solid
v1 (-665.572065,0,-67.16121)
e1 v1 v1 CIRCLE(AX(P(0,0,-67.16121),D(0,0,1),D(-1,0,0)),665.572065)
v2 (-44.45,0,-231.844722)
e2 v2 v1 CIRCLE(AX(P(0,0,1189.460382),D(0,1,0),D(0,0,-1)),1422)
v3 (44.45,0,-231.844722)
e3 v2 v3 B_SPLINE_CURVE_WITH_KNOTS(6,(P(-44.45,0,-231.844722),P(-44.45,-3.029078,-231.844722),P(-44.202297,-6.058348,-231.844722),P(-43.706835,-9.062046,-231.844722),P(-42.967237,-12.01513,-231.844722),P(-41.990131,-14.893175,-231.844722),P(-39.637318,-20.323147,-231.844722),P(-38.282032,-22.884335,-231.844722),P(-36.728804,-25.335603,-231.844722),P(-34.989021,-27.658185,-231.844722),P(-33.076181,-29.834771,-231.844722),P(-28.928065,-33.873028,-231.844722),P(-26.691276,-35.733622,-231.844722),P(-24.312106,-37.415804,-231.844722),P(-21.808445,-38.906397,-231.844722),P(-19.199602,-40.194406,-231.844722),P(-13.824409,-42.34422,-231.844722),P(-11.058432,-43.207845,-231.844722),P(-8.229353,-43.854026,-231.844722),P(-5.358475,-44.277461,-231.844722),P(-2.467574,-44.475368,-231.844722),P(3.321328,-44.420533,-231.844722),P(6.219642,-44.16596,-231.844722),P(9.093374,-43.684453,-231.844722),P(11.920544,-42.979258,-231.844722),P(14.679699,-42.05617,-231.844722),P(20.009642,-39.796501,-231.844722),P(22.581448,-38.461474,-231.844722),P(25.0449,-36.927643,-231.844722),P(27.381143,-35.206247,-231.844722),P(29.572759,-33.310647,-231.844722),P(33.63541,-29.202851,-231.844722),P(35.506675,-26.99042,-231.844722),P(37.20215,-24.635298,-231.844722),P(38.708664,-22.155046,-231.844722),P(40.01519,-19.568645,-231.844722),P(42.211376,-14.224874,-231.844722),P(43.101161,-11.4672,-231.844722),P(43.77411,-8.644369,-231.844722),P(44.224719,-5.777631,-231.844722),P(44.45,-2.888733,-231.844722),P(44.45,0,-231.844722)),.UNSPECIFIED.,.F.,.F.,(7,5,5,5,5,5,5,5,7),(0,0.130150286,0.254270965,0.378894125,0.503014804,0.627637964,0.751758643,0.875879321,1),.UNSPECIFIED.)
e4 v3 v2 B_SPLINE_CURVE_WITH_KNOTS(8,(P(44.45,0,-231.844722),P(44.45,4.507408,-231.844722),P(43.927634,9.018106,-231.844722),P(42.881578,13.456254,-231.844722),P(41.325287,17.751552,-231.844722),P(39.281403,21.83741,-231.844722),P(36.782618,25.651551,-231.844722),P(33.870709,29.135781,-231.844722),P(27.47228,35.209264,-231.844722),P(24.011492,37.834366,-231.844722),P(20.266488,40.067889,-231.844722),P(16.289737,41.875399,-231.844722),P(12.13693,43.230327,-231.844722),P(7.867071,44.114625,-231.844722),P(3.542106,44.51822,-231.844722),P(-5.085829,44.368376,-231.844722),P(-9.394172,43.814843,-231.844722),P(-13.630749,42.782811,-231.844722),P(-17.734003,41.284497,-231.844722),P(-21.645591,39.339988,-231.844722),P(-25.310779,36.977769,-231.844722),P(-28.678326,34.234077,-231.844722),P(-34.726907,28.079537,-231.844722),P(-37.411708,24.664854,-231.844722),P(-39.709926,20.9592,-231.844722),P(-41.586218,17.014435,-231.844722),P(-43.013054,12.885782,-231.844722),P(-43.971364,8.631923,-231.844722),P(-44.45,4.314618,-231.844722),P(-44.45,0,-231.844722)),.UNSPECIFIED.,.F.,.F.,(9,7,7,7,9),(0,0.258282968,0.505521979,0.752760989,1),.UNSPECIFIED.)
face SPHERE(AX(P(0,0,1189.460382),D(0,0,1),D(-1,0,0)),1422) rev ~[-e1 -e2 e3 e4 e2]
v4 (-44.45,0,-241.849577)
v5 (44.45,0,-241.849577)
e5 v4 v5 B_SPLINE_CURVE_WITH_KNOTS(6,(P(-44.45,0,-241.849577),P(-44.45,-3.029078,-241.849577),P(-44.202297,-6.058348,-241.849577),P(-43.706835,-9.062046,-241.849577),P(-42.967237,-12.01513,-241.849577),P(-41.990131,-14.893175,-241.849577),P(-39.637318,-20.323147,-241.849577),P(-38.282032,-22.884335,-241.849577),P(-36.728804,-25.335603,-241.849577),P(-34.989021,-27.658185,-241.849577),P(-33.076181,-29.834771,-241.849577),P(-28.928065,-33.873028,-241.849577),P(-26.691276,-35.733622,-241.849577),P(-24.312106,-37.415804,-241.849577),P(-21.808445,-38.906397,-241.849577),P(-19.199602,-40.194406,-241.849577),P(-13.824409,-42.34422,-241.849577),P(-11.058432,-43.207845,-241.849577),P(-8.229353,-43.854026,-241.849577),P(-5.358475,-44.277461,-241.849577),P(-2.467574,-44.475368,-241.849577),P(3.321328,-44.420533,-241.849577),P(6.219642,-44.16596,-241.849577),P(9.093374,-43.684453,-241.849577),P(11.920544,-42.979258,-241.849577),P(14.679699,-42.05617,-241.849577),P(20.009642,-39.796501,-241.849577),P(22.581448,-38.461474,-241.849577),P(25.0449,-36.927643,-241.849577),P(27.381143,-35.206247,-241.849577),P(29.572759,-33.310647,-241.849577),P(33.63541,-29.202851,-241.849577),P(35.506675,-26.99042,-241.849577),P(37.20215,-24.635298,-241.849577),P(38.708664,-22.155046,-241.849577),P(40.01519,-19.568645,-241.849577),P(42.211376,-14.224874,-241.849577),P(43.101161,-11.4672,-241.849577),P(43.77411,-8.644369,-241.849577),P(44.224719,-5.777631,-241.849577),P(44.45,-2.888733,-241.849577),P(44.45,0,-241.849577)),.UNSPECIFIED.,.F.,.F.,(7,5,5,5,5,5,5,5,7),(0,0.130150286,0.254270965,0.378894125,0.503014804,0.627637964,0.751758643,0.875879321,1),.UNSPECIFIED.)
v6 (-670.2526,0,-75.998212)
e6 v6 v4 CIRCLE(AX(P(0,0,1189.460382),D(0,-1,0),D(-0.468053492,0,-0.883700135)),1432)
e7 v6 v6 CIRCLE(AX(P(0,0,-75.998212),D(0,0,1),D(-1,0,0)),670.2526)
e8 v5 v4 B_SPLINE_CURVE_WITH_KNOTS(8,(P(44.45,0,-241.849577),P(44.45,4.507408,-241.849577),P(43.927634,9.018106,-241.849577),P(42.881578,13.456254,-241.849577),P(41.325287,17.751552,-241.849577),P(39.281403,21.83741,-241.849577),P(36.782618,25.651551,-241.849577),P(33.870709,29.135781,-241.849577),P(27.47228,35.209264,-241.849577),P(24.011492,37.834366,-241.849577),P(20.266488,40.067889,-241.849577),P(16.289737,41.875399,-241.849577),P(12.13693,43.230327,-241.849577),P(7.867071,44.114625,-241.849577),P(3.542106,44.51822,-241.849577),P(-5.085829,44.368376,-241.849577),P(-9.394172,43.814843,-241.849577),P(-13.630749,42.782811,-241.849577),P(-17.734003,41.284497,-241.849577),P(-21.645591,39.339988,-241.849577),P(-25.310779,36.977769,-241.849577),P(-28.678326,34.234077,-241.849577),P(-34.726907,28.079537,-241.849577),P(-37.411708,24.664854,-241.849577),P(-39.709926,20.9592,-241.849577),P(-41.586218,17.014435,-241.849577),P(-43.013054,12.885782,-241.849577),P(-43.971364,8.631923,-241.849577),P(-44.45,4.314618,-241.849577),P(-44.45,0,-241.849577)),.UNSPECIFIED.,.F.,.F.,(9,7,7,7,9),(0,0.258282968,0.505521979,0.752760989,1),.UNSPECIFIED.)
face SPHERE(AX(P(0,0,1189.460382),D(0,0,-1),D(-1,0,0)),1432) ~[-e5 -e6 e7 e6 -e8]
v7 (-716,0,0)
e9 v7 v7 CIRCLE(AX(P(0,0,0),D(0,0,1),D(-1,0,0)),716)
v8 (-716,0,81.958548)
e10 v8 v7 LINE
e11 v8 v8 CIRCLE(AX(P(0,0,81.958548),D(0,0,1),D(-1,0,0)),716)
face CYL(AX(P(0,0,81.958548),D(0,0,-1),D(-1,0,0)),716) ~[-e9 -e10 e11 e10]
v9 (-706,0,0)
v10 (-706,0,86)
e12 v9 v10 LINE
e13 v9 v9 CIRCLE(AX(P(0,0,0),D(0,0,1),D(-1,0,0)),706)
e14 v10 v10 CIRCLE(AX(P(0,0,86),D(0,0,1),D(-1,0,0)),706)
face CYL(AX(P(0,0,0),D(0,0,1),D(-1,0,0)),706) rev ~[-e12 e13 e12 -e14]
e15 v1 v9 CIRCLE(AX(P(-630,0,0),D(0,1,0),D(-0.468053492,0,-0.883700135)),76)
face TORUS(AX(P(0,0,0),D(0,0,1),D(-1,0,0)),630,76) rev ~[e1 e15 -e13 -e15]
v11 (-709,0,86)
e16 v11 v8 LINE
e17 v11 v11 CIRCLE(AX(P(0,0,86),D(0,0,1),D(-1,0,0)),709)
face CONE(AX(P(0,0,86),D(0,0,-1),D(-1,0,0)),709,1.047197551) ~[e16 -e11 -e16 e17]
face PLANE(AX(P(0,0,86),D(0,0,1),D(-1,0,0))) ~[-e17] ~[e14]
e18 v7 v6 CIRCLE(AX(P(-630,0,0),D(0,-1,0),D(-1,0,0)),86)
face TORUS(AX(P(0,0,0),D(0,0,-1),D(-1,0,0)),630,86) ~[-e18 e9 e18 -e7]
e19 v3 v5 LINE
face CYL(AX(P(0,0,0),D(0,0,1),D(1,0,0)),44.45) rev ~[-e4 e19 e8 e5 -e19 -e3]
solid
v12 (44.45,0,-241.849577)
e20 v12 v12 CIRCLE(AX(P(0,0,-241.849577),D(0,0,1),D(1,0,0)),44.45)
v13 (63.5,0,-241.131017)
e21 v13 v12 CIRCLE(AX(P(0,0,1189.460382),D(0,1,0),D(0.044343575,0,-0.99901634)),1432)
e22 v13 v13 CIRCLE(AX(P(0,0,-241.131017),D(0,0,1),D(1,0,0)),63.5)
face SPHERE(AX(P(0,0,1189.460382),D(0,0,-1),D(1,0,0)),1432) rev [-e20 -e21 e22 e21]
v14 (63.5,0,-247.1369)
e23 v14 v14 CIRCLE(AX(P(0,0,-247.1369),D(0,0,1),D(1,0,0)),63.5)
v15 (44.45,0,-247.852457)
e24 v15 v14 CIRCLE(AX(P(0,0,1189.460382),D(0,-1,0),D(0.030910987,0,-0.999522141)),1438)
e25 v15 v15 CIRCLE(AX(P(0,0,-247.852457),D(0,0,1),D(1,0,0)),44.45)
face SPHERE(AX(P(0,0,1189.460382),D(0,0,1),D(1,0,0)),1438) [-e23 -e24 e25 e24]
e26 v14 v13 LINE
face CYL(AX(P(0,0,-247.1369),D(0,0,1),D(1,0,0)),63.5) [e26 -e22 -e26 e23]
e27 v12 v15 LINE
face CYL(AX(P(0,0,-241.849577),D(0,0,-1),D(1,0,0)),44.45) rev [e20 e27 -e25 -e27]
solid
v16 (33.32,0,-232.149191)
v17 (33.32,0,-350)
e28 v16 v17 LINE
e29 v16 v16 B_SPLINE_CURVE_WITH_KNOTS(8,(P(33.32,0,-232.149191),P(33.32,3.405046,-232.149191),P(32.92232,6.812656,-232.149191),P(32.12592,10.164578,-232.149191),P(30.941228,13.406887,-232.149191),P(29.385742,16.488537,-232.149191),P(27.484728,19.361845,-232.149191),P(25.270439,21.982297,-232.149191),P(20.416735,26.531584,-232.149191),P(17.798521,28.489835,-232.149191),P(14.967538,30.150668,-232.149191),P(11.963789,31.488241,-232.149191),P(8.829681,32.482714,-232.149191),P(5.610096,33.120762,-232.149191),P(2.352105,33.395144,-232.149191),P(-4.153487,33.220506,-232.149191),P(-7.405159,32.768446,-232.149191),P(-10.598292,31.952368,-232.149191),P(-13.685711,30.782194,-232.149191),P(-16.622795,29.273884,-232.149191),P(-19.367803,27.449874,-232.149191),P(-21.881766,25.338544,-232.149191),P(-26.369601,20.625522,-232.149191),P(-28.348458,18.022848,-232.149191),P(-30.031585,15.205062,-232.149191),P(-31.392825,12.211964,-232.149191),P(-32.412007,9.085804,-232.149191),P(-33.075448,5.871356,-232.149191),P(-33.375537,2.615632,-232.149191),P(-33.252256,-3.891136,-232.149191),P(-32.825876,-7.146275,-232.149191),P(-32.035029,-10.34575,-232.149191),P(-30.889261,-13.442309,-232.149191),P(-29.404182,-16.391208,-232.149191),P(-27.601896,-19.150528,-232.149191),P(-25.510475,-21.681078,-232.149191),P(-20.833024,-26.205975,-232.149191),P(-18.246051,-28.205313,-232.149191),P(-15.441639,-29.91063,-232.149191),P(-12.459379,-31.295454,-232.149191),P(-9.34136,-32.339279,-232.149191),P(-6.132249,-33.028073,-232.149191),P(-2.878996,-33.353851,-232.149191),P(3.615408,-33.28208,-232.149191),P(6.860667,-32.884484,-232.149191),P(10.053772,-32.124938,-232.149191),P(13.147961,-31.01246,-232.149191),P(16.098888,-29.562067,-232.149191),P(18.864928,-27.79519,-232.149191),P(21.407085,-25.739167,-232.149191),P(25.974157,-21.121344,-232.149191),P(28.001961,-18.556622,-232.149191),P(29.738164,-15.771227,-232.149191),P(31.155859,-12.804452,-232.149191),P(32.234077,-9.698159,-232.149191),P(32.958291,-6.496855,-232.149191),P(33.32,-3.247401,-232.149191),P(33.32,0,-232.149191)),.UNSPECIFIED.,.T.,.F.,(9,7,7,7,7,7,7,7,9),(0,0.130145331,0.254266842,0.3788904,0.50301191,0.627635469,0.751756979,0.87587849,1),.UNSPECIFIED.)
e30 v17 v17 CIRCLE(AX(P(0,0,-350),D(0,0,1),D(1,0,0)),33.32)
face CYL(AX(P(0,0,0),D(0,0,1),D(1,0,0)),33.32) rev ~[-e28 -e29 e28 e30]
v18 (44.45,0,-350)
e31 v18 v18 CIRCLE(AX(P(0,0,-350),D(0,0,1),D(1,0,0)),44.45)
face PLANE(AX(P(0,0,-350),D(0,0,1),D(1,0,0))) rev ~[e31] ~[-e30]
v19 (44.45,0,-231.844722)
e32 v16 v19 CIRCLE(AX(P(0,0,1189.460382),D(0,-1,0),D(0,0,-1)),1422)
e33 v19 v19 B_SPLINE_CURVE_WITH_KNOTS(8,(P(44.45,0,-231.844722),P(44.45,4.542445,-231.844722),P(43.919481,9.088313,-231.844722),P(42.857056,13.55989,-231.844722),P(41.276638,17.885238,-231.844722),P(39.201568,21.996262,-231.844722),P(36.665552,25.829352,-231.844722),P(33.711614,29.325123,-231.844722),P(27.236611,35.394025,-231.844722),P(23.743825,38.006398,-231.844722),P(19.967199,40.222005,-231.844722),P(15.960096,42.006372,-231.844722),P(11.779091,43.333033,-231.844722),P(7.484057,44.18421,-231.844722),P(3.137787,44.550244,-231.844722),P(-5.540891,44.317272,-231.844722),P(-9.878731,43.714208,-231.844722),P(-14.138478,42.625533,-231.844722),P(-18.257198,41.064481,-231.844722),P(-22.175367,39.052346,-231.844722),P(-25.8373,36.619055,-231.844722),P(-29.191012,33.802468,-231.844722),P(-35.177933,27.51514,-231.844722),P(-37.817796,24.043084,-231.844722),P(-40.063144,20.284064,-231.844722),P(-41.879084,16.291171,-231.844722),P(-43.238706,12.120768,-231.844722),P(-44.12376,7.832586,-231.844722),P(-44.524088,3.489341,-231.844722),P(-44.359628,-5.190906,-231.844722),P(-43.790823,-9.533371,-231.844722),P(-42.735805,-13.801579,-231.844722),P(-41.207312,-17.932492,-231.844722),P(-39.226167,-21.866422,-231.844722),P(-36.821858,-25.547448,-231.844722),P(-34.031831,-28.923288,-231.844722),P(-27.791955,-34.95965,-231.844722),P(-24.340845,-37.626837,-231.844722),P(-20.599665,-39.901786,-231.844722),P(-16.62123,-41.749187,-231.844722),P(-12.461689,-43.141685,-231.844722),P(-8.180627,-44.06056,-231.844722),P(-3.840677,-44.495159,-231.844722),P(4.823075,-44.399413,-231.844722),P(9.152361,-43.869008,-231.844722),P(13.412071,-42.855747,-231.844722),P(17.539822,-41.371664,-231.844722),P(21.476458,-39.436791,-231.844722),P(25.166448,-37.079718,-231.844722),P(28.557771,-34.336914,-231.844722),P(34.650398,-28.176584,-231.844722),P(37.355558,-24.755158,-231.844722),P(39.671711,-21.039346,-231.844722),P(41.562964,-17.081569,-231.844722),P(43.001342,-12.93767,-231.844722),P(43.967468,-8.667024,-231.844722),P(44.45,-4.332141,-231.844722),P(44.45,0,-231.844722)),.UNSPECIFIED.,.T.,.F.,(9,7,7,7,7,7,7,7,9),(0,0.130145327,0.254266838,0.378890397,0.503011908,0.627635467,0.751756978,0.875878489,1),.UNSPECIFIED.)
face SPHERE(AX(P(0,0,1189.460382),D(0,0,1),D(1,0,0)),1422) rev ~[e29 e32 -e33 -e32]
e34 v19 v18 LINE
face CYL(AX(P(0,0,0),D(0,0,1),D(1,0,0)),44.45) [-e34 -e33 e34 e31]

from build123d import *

# Parameters (mm, degrees)
F3_R     = 44.45
F3_R_2   = 33.32
F4_DEPTH = 247.8534572664
F5_DEPTH = 350


with BuildPart() as f1:
    # F0 (on Front) → F1 (revolve)
    with BuildSketch(Plane.XZ):
        with BuildLine():
            Line((-716, 81.9585481157), (-716, 0))
            ThreePointArc((-716, 0), (-703.6808103428, -44.3524315818), (-670.2526002972, -75.9982116192))
            ThreePointArc((-670.2526002972, -75.9982116192), (-345.316734424, -200.2807281831), (0, -242.5396181461))
            Line((0, -242.5396181461), (0, -232.5396181461))
            ThreePointArc((0, -232.5396181461), (-342.9053047144, -190.5758321632), (-665.5720653789, -67.1612102681))
            ThreePointArc((-665.5720653789, -67.1612102681), (-695.1132742565, -39.1951720956), (-706, 0))
            Line((-706, 0), (-706, 86))
            Line((-706, 86), (-709, 86))
            Line((-709, 86), (-716, 81.9585481157))
        make_face()
    revolve(axis=Axis((0, 0, -20.1172269881), (0, 0, 1)))

    # F3 (on Top) → F4 (cut, through all)
    with BuildSketch(Plane.XY):
        Circle(F3_R)
        Circle(F3_R_2, mode=Mode.SUBTRACT)
        Circle(F3_R_2)
    extrude(amount=-F4_DEPTH, mode=Mode.SUBTRACT)


with BuildPart() as f2:
    # F0 (on Front) → F2 (revolve)
    with BuildSketch(Plane.XZ):
        with BuildLine():
            ThreePointArc((63.5, -241.1310168341), (53.9761957448, -241.5219975949), (44.45, -241.8495767155))
            Line((44.45, -241.8495767155), (44.45, -247.8524572664))
            ThreePointArc((44.45, -247.8524572664), (53.9761857728, -247.5262469529), (63.5, -247.13689992))
            Line((63.5, -247.13689992), (63.5, -241.1310168341))
        make_face()
    revolve(axis=Axis((0, 0, -116.2698090731), (0, 0, 1)))


with BuildPart() as f5:
    # F3 (on Top) → F5 (new body)
    with BuildSketch(Plane.XY):
        Circle(F3_R)
        Circle(F3_R_2, mode=Mode.SUBTRACT)
    extrude(amount=-F5_DEPTH)

    # F0 (on Front) → F6 (revolve, cut)
    with BuildSketch(Plane.XZ):
        with BuildLine():
            Line((0, 0), (0, -232.5396181461))
            ThreePointArc((0, -232.5396181461), (342.9053047144, -190.5758321632), (665.5720653789, -67.1612102681))
            ThreePointArc((665.5720653789, -67.1612102681), (695.1132742565, -39.1951720956), (706, 0))
            Line((706, 0), (0, 0))
        make_face()
    revolve(axis=Axis((0, 0, -116.2698090731), (0, 0, 1)), mode=Mode.SUBTRACT)


solid = Compound([f1.part, f2.part, f5.part])
